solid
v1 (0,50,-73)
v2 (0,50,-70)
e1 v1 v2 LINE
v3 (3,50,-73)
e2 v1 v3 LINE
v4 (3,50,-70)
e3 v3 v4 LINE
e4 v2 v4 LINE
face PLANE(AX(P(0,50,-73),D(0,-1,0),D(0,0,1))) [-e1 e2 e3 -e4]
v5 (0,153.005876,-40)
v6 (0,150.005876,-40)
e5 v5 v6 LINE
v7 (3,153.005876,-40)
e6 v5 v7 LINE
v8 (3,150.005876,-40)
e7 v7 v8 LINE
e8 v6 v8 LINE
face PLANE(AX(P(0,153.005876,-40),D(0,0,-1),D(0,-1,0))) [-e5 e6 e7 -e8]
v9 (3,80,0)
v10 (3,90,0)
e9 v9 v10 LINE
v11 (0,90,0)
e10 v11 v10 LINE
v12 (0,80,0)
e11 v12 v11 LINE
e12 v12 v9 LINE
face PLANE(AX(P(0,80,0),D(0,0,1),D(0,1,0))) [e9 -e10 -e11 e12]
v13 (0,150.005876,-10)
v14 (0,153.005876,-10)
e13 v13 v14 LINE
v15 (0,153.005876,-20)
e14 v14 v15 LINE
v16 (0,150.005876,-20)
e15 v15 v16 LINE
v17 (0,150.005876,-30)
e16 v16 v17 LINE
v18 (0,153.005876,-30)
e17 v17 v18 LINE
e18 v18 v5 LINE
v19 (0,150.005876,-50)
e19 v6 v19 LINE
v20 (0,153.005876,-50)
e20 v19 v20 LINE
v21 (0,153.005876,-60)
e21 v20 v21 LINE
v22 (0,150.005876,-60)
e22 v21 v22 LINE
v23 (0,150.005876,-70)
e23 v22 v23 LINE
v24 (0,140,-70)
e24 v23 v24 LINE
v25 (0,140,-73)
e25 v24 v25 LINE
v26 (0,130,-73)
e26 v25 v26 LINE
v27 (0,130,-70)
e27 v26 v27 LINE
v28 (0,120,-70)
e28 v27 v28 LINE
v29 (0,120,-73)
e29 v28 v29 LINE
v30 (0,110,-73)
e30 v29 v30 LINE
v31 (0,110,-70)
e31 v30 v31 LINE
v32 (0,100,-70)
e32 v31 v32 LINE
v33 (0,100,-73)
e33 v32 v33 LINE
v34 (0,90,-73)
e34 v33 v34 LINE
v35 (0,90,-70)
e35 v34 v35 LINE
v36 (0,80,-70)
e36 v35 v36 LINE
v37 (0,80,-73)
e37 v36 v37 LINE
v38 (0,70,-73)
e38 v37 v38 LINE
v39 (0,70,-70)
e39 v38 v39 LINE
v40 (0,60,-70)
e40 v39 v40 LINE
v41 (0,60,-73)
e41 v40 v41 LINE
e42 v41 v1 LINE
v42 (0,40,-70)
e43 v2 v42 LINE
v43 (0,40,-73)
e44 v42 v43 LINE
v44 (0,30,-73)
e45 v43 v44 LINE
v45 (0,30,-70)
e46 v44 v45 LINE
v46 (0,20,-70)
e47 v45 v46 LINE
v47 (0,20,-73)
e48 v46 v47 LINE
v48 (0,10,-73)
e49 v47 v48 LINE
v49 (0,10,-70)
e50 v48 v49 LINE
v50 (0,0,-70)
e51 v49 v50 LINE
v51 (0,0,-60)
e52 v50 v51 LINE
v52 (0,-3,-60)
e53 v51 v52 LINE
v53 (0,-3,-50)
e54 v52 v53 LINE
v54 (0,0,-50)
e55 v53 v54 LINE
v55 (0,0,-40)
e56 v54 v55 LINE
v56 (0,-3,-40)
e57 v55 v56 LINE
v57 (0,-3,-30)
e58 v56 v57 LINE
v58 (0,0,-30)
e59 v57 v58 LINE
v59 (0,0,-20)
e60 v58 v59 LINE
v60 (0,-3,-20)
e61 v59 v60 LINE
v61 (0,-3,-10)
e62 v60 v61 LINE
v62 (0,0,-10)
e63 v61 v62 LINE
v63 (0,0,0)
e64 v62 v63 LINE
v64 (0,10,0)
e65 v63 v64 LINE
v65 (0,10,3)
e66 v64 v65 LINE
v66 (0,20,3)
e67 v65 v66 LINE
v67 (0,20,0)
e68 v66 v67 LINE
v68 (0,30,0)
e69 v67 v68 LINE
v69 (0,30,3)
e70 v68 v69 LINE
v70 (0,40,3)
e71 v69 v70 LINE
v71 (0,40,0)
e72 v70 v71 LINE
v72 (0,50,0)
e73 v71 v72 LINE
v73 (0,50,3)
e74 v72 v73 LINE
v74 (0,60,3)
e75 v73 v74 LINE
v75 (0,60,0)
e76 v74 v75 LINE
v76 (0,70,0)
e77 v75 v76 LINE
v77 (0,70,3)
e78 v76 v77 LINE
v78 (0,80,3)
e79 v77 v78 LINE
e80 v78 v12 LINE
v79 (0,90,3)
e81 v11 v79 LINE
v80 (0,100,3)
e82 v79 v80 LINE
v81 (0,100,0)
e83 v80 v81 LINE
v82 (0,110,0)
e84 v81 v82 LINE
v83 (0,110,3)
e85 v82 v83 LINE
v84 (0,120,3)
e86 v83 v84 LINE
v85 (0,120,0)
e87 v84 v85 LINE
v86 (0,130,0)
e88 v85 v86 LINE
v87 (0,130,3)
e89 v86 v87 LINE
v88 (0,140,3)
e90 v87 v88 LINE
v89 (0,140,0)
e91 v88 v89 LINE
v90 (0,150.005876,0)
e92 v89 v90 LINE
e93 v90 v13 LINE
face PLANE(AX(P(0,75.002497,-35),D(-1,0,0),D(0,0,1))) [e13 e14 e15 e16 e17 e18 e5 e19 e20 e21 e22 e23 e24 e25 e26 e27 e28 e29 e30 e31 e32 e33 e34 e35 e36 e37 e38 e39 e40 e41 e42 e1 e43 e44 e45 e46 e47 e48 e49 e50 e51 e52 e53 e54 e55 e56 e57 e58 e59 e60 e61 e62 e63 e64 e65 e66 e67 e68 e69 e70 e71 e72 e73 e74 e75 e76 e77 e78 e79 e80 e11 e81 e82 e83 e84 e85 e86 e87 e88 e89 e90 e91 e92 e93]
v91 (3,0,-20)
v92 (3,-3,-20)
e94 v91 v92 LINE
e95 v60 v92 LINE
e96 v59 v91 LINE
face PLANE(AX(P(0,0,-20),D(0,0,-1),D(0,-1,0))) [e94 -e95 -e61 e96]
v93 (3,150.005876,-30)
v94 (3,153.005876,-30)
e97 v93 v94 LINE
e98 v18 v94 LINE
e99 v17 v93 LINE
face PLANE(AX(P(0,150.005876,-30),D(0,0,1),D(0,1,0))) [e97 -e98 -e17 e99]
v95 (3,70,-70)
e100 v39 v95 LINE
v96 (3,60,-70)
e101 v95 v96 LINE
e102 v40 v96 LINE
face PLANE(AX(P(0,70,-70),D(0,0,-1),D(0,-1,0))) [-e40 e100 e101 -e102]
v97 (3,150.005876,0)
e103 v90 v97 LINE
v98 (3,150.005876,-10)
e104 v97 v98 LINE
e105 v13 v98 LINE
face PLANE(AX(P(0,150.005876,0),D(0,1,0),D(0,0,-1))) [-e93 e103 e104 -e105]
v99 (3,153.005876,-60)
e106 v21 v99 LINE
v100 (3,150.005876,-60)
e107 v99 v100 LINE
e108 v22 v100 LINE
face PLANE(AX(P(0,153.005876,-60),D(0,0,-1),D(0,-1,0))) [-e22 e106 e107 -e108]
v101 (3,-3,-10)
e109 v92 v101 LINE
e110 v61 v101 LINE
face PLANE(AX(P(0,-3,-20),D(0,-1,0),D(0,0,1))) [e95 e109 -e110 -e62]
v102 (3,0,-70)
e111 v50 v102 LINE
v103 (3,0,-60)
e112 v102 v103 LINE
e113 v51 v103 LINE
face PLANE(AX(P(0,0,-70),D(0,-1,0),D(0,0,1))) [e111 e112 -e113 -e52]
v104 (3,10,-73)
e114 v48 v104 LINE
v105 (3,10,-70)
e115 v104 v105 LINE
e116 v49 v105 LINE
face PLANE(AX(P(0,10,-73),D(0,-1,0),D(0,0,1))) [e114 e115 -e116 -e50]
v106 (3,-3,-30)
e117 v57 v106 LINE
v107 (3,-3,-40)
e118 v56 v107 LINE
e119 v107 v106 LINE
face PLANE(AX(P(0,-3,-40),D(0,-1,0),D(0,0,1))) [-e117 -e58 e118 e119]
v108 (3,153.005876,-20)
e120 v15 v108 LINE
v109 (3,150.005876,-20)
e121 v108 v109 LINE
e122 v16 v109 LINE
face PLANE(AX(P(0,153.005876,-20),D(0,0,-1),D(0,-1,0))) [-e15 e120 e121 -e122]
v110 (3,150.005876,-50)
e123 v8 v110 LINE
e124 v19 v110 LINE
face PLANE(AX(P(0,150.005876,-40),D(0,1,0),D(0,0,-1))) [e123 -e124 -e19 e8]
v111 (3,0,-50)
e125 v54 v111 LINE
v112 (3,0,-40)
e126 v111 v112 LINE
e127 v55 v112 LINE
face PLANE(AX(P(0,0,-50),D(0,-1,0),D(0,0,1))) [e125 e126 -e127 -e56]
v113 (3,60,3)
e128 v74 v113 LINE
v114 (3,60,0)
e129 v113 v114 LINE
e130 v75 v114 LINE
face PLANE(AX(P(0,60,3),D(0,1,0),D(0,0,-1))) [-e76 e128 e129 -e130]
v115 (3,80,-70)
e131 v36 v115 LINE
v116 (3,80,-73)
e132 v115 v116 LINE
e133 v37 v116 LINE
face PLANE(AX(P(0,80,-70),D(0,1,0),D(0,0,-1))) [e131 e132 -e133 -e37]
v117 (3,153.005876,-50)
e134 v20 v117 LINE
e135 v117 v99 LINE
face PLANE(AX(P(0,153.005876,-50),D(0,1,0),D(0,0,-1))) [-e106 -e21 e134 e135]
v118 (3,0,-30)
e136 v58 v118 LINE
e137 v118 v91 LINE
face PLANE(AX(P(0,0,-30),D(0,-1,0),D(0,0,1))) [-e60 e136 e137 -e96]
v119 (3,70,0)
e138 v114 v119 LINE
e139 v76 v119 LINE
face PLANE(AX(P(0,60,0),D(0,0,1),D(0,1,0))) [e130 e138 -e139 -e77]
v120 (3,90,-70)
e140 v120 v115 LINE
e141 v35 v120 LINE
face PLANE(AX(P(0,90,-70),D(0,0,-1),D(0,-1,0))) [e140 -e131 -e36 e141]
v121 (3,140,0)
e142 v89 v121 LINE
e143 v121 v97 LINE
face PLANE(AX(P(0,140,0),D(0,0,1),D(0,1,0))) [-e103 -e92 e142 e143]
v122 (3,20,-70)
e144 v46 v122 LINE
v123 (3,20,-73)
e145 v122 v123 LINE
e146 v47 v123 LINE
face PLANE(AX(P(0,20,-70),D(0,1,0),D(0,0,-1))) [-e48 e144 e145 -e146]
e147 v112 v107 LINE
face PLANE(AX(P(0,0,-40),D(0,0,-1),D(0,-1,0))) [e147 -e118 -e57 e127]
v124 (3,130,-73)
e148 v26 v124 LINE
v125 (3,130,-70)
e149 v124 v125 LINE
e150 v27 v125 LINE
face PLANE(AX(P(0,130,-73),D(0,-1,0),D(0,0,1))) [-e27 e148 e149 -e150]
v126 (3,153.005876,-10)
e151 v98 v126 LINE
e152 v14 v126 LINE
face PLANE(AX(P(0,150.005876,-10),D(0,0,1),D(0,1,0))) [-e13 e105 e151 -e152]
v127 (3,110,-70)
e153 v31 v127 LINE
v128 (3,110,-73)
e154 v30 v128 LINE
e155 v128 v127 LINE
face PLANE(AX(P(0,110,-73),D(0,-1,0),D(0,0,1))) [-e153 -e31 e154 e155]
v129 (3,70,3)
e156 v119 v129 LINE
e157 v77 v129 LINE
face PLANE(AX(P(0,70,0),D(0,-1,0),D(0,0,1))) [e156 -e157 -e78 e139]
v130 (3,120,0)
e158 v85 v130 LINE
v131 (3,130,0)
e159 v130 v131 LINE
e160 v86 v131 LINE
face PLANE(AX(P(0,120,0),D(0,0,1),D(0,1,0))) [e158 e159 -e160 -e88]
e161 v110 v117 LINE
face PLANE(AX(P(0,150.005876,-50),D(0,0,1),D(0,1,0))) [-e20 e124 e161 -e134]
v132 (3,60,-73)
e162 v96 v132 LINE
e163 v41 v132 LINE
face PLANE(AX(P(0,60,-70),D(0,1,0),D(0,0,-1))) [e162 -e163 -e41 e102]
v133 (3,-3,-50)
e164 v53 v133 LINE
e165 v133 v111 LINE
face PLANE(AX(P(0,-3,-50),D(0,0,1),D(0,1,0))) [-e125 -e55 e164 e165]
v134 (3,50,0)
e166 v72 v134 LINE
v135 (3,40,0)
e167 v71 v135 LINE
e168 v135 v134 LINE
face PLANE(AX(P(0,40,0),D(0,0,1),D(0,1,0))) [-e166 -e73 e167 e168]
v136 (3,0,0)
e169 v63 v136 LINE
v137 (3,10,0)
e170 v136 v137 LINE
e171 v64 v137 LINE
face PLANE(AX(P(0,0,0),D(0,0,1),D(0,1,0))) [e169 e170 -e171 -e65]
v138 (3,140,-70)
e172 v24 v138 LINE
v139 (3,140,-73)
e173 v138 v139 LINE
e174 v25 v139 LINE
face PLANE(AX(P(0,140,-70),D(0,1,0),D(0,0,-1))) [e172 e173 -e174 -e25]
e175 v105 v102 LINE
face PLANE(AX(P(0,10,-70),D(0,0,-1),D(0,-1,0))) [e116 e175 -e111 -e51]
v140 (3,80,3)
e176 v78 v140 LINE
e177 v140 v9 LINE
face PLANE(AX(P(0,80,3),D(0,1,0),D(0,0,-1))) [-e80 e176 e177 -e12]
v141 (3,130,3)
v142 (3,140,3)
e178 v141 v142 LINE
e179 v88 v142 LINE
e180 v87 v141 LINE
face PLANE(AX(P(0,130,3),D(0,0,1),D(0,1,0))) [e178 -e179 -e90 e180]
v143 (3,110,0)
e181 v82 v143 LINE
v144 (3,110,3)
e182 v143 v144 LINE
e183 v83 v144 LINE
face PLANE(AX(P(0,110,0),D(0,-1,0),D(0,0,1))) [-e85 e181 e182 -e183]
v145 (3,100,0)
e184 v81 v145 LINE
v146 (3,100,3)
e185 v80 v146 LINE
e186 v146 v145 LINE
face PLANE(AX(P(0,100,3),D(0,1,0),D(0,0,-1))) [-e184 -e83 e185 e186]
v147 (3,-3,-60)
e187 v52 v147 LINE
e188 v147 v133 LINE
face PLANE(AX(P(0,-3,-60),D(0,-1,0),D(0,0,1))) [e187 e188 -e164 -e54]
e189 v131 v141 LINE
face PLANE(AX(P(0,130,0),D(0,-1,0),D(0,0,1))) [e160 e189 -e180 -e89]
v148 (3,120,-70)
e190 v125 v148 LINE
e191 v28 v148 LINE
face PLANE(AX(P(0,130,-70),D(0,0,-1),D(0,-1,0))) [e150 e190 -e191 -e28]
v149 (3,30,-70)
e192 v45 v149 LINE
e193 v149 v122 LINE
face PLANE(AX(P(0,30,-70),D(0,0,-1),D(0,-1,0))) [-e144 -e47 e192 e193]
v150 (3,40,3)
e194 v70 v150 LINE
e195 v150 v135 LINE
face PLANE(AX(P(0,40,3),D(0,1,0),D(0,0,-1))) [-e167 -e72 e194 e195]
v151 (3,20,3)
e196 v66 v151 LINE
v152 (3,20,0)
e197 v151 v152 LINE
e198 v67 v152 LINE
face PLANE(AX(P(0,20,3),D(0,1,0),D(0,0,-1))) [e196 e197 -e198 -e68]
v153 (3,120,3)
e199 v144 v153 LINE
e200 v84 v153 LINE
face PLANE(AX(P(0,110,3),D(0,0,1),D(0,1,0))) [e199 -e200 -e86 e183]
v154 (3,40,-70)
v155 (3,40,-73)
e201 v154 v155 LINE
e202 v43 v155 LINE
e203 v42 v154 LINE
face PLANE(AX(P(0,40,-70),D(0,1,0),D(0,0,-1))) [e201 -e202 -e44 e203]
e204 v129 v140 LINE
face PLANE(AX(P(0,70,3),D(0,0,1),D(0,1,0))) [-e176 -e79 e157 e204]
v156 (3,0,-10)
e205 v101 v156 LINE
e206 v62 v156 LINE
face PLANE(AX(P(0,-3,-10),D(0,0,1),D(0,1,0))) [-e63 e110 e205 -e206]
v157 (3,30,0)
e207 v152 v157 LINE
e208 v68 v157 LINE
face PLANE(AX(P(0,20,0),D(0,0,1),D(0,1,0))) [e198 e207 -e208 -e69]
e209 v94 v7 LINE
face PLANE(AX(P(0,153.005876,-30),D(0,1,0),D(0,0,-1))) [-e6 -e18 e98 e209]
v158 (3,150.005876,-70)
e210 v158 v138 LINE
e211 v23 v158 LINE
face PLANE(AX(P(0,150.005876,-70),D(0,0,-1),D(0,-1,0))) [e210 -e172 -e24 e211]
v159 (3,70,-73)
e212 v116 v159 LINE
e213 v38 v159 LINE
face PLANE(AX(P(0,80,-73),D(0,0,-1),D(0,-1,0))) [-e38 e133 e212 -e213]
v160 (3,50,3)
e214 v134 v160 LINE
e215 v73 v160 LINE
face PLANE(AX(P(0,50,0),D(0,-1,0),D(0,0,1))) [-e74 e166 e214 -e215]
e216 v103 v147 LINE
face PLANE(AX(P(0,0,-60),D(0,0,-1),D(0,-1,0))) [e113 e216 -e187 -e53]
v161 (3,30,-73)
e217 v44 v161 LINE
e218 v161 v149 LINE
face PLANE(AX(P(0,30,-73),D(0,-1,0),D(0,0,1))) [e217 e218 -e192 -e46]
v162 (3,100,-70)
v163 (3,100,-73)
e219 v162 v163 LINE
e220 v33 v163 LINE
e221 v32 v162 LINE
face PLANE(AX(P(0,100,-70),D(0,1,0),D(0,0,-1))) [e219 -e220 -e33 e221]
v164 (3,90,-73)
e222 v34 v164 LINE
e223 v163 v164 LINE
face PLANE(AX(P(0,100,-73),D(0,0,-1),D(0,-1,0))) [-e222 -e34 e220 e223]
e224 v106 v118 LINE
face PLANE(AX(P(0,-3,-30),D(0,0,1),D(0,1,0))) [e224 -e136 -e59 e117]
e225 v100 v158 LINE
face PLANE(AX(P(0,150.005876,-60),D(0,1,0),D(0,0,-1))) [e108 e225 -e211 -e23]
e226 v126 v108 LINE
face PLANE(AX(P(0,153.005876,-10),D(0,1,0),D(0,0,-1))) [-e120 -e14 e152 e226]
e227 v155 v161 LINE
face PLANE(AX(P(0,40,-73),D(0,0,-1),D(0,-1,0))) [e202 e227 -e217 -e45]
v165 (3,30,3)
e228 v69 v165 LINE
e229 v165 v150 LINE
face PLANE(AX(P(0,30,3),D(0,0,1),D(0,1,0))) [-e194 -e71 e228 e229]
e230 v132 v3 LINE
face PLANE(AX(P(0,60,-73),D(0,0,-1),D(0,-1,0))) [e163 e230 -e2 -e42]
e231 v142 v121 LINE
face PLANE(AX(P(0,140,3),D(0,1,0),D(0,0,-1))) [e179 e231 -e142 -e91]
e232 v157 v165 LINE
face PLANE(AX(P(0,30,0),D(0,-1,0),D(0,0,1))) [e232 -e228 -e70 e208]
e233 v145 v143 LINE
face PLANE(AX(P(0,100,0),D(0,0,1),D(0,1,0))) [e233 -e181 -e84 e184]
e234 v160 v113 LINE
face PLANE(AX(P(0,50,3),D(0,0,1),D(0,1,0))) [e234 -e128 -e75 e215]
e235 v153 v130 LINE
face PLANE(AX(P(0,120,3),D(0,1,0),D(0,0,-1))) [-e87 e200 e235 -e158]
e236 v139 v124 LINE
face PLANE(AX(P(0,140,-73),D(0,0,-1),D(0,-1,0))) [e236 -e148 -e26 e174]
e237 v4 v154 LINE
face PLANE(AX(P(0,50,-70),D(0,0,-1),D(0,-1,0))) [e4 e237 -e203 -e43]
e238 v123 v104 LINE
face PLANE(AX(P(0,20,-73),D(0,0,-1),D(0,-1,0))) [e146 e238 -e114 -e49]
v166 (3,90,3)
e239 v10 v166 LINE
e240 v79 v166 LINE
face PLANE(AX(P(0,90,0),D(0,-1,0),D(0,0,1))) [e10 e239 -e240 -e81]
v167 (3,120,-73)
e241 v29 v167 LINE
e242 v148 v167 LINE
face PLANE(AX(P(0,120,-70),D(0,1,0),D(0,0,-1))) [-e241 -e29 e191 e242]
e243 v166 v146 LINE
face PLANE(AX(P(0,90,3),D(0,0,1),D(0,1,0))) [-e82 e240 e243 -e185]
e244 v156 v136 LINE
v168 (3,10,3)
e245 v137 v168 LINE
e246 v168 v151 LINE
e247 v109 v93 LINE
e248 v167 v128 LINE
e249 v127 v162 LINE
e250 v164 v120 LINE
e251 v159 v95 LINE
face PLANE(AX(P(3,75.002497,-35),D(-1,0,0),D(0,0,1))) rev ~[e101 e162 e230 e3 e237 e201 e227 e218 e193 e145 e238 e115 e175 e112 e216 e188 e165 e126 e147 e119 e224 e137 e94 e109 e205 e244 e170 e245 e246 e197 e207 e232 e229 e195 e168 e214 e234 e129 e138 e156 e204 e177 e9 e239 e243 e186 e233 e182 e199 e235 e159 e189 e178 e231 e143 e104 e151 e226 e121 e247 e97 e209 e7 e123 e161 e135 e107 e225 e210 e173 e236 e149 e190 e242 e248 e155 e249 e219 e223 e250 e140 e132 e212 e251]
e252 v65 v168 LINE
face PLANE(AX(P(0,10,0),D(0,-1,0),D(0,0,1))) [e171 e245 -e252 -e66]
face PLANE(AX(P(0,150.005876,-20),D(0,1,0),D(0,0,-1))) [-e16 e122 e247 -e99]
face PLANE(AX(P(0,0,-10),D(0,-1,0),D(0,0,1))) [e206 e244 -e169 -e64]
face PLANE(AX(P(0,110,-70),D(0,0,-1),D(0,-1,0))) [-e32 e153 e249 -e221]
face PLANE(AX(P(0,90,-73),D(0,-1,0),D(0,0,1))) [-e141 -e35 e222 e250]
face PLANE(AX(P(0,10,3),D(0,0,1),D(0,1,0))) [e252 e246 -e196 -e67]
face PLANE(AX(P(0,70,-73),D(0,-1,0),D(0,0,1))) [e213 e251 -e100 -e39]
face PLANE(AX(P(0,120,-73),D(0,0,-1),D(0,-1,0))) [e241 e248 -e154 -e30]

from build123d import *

# Parameters (mm, degrees)
BOSS_EXTRUDE1_DEPTH = 3


with BuildPart() as part:
    # Sketch1 → Boss-Extrude1 (new body)
    with BuildSketch(Plane(origin=(0, 0, 0), x_dir=(0, 0, -1), z_dir=(1, 0, 0))):
        Polygon((10, 153.005875518), (20, 153.005875518), (20, 150.005875518), (30, 150.005875518), (30, 153.005875518), (40, 153.005875518), (40, 150.005875518), (50, 150.005875518), (50, 153.005875518), (60, 153.005875518), (60, 150.005875518), (70, 150.005875518), (70, 140), (73, 140), (73, 130), (70, 130), (70, 120), (73, 120), (73, 110), (70, 110), (70, 100), (73, 100), (73, 90), (70, 90), (70, 80), (73, 80), (73, 70), (70, 70), (70, 60), (73, 60), (73, 50), (70, 50), (70, 40), (73, 40), (73, 30), (70, 30), (70, 20), (73, 20), (73, 10), (70, 10), (70, 0), (60, 0), (60, -3), (50, -3), (50, 0), (40, 0), (40, -3), (30, -3), (30, 0), (20, 0), (20, -3), (10, -3), (10, 0), (0, 0), (0, 10), (-3, 10), (-3, 20), (0, 20), (0, 30), (-3, 30), (-3, 40), (0, 40), (0, 50), (-3, 50), (-3, 60), (0, 60), (0, 70), (-3, 70), (-3, 80), (0, 80), (0, 90), (-3, 90), (-3, 100), (0, 100), (0, 110), (-3, 110), (-3, 120), (0, 120), (0, 130), (-3, 130), (-3, 140), (0, 140), (0, 150.005875518), (10, 150.005875518), align=None)
    extrude(amount=BOSS_EXTRUDE1_DEPTH)


solid = part.part
